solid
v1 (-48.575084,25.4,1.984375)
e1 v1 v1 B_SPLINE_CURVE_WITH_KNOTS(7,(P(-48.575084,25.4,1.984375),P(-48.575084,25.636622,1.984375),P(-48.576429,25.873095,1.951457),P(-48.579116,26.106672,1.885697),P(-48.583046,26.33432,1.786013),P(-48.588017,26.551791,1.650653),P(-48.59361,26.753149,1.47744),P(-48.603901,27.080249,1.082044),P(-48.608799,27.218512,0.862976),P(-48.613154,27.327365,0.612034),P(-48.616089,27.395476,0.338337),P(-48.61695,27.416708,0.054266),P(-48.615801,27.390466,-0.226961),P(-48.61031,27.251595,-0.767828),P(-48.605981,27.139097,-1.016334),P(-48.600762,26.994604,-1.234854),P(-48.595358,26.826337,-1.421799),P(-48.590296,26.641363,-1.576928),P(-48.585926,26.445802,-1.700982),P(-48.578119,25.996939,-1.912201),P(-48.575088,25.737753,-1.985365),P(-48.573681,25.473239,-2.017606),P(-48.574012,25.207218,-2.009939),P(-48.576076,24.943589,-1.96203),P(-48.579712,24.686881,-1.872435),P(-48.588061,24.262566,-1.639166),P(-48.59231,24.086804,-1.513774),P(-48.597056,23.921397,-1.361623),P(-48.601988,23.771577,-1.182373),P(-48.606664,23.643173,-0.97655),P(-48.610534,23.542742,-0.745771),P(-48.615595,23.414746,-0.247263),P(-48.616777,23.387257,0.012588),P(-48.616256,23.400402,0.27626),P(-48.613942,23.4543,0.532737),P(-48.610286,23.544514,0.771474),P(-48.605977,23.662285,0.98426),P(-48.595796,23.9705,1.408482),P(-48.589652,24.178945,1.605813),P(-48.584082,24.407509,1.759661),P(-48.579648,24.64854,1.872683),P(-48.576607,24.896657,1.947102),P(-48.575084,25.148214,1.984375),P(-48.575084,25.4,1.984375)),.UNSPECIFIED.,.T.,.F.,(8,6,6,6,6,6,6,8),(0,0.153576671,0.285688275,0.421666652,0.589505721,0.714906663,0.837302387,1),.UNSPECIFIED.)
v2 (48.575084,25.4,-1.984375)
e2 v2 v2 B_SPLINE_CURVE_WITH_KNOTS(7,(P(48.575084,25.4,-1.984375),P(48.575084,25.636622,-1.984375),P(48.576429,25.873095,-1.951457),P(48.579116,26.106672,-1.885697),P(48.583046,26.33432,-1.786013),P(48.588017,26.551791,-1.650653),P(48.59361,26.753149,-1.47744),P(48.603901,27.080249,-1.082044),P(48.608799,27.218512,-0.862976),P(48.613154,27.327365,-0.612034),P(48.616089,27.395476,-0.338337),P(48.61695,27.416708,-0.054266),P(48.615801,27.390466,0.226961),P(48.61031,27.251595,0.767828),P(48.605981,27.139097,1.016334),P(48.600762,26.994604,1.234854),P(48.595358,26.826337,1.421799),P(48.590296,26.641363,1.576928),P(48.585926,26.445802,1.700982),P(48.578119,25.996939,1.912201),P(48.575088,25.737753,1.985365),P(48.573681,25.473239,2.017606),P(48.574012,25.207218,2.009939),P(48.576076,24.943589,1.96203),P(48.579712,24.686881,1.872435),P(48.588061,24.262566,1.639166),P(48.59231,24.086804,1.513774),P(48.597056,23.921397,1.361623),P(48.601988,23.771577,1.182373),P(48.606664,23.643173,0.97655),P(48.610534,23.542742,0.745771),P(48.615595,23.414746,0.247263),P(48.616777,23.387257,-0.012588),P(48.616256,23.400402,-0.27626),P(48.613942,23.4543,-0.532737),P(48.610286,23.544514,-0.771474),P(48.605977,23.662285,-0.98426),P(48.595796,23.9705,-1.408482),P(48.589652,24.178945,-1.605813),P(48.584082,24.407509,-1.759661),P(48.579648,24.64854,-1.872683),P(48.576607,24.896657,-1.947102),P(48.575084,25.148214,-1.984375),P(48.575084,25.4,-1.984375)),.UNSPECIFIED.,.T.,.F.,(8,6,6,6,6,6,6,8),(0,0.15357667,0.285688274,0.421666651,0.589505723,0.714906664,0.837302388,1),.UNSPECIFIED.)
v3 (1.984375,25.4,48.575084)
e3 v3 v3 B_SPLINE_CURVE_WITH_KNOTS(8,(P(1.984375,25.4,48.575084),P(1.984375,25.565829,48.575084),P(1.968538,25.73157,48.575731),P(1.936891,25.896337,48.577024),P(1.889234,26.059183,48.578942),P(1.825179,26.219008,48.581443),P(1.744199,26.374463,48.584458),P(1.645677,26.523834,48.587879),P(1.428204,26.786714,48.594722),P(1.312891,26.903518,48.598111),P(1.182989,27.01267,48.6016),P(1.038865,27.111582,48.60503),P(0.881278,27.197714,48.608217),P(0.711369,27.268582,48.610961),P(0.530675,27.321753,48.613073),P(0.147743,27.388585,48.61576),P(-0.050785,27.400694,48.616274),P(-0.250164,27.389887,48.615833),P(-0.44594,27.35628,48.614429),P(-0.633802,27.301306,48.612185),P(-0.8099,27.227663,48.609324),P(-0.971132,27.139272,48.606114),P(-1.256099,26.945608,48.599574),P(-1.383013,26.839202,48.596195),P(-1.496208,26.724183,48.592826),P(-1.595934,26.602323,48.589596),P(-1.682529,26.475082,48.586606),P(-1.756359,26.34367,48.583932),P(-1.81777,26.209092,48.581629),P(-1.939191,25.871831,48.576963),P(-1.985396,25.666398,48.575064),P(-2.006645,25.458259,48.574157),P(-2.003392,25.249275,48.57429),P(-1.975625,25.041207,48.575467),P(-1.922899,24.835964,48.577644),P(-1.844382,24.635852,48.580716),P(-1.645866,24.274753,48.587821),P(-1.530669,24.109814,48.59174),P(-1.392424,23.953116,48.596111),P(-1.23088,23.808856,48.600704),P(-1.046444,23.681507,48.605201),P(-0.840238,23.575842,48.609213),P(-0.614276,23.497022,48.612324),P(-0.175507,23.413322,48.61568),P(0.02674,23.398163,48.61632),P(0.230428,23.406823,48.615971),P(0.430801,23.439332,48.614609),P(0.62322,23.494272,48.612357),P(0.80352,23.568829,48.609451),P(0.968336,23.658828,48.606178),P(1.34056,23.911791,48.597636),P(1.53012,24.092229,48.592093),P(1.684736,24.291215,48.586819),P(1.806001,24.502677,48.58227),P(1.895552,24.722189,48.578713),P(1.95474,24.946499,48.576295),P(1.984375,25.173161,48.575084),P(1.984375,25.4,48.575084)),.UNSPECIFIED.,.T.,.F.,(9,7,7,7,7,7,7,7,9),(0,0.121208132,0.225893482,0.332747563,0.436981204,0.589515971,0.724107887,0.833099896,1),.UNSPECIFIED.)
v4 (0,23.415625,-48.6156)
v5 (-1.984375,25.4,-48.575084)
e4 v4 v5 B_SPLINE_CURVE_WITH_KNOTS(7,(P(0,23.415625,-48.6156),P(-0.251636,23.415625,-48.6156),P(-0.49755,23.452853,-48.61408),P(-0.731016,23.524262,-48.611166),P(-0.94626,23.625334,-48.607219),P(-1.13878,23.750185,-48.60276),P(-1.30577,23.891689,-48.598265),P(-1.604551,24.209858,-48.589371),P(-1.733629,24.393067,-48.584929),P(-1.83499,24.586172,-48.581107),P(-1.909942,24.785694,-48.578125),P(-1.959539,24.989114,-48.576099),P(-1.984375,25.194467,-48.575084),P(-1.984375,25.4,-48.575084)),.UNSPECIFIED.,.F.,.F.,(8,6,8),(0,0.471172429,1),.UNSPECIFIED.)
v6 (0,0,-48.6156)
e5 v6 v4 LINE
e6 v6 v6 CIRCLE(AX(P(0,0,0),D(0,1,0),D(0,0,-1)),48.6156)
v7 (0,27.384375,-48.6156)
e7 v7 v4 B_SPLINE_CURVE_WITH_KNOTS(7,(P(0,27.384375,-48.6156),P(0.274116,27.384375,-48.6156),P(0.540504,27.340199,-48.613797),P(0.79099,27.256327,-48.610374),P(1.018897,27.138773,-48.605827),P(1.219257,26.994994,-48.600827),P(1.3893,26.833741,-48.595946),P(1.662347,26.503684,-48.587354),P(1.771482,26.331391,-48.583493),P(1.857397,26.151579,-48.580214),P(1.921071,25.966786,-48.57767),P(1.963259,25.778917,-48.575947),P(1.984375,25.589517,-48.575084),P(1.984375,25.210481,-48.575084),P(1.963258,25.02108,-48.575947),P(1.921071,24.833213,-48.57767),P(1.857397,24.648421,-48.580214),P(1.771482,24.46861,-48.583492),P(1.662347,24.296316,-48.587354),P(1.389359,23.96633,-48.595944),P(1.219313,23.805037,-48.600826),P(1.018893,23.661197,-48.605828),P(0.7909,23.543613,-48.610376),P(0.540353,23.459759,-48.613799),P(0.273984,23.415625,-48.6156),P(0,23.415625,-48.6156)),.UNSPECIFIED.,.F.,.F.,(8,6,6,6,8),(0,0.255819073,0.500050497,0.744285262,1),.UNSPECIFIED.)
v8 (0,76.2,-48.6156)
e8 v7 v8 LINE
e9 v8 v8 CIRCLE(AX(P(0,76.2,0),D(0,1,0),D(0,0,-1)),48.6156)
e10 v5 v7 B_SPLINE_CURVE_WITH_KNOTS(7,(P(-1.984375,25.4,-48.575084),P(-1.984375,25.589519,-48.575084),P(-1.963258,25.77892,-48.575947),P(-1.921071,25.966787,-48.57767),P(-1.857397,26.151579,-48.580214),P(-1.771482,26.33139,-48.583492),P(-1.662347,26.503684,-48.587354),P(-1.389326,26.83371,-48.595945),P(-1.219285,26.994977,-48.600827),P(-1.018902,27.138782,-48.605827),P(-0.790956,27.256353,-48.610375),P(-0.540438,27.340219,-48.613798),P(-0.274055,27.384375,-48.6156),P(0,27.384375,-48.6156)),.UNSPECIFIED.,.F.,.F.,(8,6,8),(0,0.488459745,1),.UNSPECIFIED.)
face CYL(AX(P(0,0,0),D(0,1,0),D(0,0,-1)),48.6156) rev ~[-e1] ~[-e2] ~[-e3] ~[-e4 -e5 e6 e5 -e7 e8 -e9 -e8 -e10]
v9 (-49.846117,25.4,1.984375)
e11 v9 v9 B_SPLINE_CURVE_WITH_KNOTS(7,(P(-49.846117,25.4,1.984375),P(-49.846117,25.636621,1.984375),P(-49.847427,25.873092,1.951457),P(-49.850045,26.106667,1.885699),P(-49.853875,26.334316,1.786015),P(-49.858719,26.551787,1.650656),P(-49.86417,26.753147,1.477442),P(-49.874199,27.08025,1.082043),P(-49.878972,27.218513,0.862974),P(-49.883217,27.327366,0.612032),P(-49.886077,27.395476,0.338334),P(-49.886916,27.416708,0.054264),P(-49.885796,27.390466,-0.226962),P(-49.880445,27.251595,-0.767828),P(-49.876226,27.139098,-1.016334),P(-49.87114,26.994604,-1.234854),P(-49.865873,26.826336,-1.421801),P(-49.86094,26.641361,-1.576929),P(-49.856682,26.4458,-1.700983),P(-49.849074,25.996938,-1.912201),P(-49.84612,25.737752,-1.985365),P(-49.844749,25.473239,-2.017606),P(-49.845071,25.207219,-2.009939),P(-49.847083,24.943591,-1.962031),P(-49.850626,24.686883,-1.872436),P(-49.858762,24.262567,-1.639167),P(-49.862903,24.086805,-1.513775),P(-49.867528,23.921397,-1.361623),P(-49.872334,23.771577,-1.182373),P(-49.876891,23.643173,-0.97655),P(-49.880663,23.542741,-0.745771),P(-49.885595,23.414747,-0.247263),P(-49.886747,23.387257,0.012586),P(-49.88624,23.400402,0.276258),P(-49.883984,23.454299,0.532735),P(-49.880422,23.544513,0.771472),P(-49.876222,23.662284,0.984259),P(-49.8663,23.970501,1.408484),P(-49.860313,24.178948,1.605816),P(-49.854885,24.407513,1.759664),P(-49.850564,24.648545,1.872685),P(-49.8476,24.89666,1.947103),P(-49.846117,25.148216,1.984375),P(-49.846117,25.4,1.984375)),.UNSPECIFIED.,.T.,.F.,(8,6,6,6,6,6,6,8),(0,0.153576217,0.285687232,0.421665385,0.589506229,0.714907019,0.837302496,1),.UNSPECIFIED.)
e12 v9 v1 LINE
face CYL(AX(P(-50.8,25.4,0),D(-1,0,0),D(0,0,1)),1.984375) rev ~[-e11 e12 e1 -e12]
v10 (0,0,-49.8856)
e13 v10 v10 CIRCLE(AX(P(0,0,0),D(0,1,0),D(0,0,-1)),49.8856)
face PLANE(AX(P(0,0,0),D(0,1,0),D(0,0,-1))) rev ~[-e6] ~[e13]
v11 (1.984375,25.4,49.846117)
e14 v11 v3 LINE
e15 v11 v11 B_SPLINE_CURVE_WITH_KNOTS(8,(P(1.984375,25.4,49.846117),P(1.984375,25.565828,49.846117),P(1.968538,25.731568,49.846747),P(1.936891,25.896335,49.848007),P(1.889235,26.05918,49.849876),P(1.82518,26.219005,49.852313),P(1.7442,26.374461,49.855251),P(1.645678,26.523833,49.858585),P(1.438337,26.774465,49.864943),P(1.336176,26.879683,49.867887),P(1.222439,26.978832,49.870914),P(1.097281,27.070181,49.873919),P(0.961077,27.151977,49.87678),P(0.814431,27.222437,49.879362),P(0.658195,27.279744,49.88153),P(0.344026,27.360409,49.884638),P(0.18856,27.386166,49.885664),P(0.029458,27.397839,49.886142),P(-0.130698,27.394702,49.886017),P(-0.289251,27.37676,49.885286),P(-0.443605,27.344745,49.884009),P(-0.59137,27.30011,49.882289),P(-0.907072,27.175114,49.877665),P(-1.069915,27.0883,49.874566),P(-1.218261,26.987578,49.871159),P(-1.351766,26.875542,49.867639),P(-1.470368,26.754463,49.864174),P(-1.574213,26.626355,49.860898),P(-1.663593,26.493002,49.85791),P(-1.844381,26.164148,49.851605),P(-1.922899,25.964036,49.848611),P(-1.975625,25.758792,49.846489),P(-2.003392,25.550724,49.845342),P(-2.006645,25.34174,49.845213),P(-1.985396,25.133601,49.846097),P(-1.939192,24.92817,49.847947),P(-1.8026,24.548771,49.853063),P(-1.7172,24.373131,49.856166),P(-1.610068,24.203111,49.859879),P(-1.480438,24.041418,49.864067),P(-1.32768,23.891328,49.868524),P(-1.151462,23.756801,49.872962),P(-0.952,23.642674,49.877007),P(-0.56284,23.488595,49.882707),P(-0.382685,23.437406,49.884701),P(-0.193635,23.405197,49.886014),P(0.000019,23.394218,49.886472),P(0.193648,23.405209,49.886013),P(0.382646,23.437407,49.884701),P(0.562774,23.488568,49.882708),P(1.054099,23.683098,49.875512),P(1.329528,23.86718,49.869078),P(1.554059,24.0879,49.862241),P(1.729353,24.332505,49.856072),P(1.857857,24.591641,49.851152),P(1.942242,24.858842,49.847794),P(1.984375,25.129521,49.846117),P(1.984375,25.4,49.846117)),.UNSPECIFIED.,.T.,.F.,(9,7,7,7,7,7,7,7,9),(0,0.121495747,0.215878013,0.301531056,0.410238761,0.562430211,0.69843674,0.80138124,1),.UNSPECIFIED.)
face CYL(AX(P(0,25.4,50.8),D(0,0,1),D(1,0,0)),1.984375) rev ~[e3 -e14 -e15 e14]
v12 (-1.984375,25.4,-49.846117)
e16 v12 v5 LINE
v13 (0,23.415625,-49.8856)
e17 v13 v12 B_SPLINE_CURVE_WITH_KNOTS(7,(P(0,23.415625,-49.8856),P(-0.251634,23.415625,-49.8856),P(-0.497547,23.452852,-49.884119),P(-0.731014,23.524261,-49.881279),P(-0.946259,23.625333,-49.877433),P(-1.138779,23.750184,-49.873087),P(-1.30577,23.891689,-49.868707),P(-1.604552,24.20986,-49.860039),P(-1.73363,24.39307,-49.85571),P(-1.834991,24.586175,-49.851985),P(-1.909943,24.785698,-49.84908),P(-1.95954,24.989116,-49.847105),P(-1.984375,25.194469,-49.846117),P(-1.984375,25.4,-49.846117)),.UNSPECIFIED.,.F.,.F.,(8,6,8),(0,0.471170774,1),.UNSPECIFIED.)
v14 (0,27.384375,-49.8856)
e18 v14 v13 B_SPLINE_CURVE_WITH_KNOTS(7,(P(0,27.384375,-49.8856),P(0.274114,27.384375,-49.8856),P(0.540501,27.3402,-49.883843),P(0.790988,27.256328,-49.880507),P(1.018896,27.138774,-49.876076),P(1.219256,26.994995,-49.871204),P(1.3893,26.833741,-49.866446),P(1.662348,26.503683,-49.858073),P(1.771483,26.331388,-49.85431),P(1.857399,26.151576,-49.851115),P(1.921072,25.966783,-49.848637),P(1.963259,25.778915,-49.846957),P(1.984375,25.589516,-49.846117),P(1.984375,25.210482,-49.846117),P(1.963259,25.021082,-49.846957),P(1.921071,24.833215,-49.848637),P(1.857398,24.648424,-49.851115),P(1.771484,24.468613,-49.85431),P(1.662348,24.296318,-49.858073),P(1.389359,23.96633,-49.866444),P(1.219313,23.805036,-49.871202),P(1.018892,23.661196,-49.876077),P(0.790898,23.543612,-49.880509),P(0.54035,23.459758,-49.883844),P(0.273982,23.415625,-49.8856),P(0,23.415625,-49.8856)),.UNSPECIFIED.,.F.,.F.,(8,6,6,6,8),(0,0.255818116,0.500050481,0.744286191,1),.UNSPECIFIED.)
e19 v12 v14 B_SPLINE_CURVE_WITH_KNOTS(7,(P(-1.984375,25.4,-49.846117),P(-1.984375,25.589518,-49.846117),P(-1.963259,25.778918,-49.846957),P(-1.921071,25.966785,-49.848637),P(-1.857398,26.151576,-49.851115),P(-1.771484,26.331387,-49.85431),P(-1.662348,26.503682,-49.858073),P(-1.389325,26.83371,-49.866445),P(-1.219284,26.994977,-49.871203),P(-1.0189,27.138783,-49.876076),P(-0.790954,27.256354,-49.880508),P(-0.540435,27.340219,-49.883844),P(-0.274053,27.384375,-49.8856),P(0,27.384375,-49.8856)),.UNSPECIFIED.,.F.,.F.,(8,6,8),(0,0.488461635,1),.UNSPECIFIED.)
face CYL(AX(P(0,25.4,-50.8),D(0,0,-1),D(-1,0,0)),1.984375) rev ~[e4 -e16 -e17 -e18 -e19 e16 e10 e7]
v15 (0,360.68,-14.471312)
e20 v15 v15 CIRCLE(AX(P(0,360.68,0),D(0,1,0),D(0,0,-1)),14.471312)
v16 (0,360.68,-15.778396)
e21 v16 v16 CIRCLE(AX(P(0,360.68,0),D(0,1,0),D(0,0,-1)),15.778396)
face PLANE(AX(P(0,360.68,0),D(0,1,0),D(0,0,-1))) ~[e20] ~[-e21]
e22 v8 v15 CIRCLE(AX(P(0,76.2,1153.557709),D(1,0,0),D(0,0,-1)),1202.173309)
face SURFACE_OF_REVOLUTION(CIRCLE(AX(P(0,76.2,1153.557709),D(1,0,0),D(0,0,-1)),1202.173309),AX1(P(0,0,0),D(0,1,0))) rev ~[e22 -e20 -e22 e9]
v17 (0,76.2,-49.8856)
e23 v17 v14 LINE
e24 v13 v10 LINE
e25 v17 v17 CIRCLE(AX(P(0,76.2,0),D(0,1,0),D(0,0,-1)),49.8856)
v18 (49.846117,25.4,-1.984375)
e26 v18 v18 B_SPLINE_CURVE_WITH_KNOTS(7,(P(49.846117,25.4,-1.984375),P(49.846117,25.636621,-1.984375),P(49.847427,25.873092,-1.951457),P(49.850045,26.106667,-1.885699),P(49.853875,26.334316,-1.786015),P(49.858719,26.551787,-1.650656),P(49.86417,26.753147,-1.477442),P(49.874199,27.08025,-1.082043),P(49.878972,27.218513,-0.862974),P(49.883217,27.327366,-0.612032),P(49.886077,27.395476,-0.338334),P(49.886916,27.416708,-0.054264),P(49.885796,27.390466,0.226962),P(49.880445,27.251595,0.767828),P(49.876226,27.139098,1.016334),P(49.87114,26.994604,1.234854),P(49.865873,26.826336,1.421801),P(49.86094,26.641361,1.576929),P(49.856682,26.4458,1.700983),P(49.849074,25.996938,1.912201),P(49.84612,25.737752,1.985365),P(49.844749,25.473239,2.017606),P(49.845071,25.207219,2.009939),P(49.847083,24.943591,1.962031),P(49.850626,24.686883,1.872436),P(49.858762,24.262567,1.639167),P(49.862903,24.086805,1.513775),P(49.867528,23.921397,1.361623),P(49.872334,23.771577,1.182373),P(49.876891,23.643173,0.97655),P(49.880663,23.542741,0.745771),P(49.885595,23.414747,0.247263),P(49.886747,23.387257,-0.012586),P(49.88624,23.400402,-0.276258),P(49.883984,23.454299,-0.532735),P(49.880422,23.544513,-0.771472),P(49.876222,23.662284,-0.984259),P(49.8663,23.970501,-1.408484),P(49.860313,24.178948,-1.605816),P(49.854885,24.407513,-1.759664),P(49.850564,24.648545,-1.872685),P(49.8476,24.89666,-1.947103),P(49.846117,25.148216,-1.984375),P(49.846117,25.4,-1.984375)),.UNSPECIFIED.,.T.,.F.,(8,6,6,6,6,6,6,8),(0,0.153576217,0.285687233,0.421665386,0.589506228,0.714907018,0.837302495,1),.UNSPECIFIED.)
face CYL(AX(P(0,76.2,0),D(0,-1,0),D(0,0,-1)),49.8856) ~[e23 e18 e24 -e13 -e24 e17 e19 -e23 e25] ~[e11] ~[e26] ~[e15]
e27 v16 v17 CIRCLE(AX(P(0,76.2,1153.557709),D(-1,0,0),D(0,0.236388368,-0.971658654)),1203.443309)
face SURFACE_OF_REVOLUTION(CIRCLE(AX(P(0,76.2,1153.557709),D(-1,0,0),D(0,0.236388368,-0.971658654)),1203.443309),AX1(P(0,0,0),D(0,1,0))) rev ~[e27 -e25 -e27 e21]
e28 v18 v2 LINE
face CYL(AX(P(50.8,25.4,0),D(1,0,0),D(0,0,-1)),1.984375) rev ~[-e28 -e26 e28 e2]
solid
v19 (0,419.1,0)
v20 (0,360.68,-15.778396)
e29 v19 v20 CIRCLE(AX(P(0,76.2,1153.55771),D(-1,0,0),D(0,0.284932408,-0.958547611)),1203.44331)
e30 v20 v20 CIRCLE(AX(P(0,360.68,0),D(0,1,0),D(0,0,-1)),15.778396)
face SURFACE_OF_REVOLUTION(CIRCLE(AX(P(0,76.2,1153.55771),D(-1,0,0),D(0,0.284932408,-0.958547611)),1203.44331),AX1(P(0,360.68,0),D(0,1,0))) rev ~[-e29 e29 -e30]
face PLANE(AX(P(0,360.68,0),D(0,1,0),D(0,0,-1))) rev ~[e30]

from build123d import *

# Parameters (mm, degrees)
SKETCH5_R          = 1.984375
CUT_EXTRUDE1_DEPTH = 12.7
CIRPATTERN1_COUNT  = 4


with BuildPart() as part:
    # Sketch1 → Revolve4 (revolve)
    with BuildSketch(Plane.XY, mode=Mode.PRIVATE) as revolve4_sk:
        with BuildLine():
            Line((-49.8856, 76.2), (-49.8856, 0))
            Line((-49.8856, 0), (-48.6156, 0))
            Line((-48.6156, 0), (-48.6156, 76.2))
            ThreePointArc((-48.6156, 76.2), (-40.049005617, 219.460865893), (-14.47131225, 360.68))
            Line((-14.47131225, 360.68), (-15.778396484, 360.68))
            ThreePointArc((-15.778396484, 360.68), (-41.328375548, 219.458657445), (-49.8856, 76.2))
        make_face()
    revolve(revolve4_sk.sketch.rotate(Axis((0, 0, 0), (0, 1, 0)), 270), axis=Axis((0, 0, 0), (0, 1, 0)))

    # Sketch5 → Cut-Extrude1 (cut)
    with BuildSketch(Plane(origin=(-80.274174728, -85.965568301, 50.8), x_dir=(1, 0, 0), z_dir=(0, 0, 1))):
        with Locations((80.274174728, 111.365568301)):
            Circle(SKETCH5_R)
    cut_extrude1 = extrude(amount=-CUT_EXTRUDE1_DEPTH, mode=Mode.SUBTRACT)

    # CirPattern1: Cut-Extrude1 ×4 about axis
    cirpattern1_axis = Axis((0, 0, 0), (0, -1, 0))
    for i in range(1, CIRPATTERN1_COUNT):
        add(cut_extrude1.rotate(cirpattern1_axis, i * 360 / CIRPATTERN1_COUNT), mode=Mode.SUBTRACT)


with BuildPart() as body_2:
    # Sketch4 → Revolve5 (revolve)
    with BuildSketch(Plane.XY, mode=Mode.PRIVATE) as revolve5_sk:
        with BuildLine():
            Line((0, 360.68), (0, 419.1))
            ThreePointArc((0, 419.1), (-8.256451028, 389.989189662), (-15.778396484, 360.68))
            Line((-15.778396484, 360.68), (0, 360.68))
        make_face()
    revolve(revolve5_sk.sketch.rotate(Axis((0, 360.68, 0), (0, 1, 0)), 270), axis=Axis((0, 360.68, 0), (0, 1, 0)))


solid = Compound([part.part, body_2.part])
